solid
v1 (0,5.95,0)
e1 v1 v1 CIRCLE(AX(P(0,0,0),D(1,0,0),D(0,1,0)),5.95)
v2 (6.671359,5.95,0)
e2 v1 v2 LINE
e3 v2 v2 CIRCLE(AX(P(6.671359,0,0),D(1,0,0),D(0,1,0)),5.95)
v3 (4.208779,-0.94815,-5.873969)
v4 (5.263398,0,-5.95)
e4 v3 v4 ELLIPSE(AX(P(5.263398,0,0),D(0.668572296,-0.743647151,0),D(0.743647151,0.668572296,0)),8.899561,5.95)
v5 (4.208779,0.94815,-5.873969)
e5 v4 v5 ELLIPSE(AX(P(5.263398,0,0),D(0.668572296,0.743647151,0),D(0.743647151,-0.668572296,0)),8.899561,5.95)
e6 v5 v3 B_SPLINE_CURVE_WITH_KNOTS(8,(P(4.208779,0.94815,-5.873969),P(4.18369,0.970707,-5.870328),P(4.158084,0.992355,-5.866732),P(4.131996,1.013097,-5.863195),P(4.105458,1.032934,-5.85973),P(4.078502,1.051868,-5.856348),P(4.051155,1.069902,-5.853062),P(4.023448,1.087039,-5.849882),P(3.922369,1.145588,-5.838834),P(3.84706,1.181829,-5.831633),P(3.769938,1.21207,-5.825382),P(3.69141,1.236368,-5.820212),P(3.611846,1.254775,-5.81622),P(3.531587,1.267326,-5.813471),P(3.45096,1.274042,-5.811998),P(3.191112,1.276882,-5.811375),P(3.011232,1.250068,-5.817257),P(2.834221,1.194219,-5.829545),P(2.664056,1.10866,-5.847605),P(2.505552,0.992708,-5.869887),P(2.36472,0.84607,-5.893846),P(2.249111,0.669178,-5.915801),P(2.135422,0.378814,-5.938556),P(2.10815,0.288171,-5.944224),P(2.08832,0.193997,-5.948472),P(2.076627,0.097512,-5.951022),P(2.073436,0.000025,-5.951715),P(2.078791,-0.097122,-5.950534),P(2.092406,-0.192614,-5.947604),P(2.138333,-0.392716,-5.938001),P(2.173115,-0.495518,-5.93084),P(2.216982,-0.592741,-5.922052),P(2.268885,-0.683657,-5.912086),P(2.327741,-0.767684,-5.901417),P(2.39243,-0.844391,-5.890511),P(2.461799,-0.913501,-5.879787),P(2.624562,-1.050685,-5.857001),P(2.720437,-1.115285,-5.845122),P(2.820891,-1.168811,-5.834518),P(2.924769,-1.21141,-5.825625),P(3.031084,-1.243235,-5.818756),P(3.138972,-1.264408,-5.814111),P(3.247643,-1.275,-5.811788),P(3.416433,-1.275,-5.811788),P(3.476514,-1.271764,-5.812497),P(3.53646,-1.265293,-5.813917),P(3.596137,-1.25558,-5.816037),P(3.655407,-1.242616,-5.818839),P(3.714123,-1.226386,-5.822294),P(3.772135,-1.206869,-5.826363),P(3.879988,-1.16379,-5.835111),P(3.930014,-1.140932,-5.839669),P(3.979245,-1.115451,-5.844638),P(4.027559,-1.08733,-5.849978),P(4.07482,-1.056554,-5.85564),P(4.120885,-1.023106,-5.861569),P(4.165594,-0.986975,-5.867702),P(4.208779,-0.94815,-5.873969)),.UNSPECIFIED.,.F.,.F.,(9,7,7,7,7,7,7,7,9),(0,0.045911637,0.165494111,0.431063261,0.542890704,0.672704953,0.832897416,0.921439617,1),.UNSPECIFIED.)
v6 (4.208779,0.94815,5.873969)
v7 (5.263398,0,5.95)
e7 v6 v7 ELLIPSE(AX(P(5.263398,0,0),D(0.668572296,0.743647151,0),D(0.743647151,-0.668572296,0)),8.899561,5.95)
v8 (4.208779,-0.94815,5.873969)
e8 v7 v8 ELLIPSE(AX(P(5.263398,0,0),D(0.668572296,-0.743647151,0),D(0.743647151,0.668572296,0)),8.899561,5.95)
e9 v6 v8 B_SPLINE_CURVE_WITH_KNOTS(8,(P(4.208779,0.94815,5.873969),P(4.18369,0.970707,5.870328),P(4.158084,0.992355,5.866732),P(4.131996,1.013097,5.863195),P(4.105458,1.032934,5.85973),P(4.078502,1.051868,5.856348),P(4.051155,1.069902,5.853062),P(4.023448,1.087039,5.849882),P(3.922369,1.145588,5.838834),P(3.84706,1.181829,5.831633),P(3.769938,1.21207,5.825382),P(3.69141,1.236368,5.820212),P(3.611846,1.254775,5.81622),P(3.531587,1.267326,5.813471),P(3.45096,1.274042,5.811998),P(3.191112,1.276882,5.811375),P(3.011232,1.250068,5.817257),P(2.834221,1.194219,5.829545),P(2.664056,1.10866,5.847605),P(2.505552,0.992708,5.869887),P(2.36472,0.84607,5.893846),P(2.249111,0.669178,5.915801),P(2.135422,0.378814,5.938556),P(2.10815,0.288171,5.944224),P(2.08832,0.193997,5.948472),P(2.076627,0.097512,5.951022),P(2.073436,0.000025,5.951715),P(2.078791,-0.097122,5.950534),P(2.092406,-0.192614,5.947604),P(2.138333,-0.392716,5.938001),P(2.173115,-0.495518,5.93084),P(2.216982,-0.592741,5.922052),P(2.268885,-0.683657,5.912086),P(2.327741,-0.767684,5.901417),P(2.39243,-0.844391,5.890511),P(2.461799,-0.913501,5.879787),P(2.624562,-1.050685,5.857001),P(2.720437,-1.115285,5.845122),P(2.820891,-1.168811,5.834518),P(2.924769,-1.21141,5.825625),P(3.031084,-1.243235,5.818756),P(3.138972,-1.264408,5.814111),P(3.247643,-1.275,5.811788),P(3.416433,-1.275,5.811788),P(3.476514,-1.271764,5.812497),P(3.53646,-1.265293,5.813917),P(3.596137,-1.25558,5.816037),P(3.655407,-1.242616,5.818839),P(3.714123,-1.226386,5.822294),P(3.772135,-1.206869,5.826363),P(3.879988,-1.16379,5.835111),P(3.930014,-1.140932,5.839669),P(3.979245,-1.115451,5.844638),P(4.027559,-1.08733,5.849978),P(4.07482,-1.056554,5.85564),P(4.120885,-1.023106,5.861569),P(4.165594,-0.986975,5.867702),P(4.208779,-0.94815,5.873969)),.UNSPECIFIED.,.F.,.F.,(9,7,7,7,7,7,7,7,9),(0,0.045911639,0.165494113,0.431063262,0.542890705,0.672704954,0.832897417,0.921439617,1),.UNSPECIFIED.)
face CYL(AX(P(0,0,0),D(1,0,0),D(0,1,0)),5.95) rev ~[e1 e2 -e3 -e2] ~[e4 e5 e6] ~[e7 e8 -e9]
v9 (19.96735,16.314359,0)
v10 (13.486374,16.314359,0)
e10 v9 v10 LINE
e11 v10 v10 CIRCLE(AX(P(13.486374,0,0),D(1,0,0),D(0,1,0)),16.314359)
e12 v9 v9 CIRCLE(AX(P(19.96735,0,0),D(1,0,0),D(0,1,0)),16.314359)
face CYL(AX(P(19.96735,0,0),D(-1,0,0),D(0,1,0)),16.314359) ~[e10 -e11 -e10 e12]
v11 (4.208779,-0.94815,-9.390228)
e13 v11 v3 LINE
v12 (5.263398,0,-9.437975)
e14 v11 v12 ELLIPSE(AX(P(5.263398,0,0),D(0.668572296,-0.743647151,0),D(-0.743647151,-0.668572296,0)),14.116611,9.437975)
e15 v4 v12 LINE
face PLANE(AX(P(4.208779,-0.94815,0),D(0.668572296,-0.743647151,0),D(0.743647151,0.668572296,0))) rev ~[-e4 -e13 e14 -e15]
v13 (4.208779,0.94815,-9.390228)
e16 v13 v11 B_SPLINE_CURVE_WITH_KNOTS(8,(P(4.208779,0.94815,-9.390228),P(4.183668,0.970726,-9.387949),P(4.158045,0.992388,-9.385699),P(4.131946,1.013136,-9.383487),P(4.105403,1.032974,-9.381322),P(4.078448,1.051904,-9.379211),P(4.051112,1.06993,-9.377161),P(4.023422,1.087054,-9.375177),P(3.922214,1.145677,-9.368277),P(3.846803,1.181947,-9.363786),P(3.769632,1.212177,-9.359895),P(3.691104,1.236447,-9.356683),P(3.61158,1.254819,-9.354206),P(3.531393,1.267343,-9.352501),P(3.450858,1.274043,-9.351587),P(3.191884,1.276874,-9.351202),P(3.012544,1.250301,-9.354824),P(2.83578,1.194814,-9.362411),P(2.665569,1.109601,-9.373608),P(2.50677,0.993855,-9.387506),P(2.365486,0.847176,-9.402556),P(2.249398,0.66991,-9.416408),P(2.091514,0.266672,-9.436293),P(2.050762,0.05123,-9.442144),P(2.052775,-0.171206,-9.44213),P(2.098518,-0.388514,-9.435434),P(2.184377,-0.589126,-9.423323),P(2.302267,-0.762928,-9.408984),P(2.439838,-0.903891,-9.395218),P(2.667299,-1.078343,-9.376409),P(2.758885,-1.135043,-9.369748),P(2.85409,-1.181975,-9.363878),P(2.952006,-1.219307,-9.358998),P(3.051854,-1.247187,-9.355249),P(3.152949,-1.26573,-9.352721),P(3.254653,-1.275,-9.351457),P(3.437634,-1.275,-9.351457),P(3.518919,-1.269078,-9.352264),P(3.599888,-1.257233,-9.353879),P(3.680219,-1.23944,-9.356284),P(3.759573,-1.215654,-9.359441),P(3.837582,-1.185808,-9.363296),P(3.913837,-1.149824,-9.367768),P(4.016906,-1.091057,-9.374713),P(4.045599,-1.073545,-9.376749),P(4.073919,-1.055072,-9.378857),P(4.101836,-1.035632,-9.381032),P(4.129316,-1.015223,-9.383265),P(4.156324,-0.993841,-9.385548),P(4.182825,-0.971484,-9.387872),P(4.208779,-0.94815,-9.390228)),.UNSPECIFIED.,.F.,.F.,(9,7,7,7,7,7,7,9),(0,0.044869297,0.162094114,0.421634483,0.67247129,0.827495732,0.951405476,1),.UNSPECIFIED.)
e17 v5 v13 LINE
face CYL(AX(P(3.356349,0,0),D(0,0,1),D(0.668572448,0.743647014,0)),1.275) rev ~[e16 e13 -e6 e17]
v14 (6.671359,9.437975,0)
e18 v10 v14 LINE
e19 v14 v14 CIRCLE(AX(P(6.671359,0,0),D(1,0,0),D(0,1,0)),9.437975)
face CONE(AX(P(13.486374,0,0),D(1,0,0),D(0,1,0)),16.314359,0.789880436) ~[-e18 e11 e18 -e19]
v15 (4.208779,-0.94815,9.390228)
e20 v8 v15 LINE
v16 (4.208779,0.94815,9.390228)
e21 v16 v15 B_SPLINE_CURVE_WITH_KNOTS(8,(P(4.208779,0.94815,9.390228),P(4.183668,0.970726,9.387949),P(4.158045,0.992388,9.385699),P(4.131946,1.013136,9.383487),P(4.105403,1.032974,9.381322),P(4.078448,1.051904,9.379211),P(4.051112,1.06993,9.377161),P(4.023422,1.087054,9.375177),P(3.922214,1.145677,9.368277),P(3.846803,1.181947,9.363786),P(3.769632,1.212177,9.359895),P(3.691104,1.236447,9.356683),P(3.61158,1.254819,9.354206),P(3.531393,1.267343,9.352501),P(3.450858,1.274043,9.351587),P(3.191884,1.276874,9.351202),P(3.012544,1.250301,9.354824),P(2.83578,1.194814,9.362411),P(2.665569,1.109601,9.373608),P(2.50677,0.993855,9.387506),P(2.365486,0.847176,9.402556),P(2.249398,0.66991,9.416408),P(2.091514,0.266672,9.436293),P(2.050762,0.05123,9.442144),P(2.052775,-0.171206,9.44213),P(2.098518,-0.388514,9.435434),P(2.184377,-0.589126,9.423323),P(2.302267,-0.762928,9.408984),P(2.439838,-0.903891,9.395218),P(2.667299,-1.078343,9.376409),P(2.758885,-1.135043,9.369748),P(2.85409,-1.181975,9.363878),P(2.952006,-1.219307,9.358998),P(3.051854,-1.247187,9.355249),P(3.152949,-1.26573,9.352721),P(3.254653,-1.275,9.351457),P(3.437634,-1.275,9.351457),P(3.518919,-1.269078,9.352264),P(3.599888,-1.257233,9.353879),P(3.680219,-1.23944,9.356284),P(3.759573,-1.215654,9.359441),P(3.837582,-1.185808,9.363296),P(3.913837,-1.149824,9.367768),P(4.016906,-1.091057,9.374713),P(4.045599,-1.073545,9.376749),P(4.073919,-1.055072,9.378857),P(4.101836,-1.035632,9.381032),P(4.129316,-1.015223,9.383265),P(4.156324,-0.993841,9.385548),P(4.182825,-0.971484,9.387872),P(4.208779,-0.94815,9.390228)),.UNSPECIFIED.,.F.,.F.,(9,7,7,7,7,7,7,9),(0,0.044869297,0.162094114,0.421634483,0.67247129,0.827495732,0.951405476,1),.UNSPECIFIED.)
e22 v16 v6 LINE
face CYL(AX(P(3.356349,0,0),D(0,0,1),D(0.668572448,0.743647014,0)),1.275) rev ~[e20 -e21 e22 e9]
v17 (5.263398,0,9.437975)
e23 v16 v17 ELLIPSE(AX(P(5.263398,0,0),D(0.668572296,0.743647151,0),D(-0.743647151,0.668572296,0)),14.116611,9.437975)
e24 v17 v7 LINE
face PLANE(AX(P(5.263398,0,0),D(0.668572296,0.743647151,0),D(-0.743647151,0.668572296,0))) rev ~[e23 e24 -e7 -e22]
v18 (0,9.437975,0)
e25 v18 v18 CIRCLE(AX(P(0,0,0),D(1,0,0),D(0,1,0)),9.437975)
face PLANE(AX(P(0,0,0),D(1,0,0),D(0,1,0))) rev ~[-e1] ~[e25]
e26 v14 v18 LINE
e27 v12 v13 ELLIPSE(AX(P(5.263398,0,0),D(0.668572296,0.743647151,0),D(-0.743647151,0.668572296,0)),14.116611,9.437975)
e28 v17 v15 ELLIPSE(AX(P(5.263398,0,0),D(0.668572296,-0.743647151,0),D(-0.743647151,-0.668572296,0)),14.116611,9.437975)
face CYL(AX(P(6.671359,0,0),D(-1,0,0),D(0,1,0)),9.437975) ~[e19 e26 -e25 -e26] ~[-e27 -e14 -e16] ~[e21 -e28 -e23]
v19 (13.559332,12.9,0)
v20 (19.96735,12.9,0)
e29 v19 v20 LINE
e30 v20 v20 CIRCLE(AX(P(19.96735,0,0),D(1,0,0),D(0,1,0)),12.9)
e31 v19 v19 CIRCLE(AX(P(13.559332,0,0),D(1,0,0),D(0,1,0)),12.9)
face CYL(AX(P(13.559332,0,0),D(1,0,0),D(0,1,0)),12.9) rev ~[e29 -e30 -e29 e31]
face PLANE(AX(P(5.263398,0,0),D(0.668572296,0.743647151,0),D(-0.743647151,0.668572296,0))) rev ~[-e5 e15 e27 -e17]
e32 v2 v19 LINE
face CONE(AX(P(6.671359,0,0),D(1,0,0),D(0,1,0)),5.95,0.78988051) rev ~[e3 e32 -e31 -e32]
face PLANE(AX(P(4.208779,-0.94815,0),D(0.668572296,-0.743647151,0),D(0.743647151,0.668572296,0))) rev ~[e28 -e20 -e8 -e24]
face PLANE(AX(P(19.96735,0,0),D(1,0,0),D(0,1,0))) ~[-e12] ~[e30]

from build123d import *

# Parameters (mm, degrees)
F3_DEPTH = 50


with BuildPart() as f1:
    # F0 (on Top) → F1 (revolve)
    with BuildSketch(Plane.XY):
        Polygon((0, 9.437975), (0, 5.95), (6.671359, 5.95), (13.559332, 12.9), (19.96735, 12.9), (19.96735, 16.314359), (13.486374, 16.314359), (6.671359, 9.437975), align=None)
    revolve(axis=Axis((17.087959, 0, 0), (1, 0, 0)))

    # F2 (on Top) → F3 (cut, symmetric)
    with BuildSketch(Plane.XY):
        with BuildLine():
            ThreePointArc((4.208779, -0.94815), (4.520925, -0.519027), (4.631349, 0))
            ThreePointArc((4.631349, 0), (4.520925, 0.519027), (4.208779, 0.94815))
            ThreePointArc((4.208779, 0.94815), (2.081349, 0), (4.208779, -0.94815))
        make_face()
        with BuildLine():
            ThreePointArc((4.208779, 0.94815), (4.520925, 0.519027), (4.631349, 0))
            ThreePointArc((4.631349, 0), (4.520925, -0.519027), (4.208779, -0.94815))
            Line((4.208779, -0.94815), (5.263398, 0))
            Line((5.263398, 0), (4.208779, 0.94815))
        make_face()
    extrude(amount=F3_DEPTH, both=True, mode=Mode.SUBTRACT)


solid = f1.part
